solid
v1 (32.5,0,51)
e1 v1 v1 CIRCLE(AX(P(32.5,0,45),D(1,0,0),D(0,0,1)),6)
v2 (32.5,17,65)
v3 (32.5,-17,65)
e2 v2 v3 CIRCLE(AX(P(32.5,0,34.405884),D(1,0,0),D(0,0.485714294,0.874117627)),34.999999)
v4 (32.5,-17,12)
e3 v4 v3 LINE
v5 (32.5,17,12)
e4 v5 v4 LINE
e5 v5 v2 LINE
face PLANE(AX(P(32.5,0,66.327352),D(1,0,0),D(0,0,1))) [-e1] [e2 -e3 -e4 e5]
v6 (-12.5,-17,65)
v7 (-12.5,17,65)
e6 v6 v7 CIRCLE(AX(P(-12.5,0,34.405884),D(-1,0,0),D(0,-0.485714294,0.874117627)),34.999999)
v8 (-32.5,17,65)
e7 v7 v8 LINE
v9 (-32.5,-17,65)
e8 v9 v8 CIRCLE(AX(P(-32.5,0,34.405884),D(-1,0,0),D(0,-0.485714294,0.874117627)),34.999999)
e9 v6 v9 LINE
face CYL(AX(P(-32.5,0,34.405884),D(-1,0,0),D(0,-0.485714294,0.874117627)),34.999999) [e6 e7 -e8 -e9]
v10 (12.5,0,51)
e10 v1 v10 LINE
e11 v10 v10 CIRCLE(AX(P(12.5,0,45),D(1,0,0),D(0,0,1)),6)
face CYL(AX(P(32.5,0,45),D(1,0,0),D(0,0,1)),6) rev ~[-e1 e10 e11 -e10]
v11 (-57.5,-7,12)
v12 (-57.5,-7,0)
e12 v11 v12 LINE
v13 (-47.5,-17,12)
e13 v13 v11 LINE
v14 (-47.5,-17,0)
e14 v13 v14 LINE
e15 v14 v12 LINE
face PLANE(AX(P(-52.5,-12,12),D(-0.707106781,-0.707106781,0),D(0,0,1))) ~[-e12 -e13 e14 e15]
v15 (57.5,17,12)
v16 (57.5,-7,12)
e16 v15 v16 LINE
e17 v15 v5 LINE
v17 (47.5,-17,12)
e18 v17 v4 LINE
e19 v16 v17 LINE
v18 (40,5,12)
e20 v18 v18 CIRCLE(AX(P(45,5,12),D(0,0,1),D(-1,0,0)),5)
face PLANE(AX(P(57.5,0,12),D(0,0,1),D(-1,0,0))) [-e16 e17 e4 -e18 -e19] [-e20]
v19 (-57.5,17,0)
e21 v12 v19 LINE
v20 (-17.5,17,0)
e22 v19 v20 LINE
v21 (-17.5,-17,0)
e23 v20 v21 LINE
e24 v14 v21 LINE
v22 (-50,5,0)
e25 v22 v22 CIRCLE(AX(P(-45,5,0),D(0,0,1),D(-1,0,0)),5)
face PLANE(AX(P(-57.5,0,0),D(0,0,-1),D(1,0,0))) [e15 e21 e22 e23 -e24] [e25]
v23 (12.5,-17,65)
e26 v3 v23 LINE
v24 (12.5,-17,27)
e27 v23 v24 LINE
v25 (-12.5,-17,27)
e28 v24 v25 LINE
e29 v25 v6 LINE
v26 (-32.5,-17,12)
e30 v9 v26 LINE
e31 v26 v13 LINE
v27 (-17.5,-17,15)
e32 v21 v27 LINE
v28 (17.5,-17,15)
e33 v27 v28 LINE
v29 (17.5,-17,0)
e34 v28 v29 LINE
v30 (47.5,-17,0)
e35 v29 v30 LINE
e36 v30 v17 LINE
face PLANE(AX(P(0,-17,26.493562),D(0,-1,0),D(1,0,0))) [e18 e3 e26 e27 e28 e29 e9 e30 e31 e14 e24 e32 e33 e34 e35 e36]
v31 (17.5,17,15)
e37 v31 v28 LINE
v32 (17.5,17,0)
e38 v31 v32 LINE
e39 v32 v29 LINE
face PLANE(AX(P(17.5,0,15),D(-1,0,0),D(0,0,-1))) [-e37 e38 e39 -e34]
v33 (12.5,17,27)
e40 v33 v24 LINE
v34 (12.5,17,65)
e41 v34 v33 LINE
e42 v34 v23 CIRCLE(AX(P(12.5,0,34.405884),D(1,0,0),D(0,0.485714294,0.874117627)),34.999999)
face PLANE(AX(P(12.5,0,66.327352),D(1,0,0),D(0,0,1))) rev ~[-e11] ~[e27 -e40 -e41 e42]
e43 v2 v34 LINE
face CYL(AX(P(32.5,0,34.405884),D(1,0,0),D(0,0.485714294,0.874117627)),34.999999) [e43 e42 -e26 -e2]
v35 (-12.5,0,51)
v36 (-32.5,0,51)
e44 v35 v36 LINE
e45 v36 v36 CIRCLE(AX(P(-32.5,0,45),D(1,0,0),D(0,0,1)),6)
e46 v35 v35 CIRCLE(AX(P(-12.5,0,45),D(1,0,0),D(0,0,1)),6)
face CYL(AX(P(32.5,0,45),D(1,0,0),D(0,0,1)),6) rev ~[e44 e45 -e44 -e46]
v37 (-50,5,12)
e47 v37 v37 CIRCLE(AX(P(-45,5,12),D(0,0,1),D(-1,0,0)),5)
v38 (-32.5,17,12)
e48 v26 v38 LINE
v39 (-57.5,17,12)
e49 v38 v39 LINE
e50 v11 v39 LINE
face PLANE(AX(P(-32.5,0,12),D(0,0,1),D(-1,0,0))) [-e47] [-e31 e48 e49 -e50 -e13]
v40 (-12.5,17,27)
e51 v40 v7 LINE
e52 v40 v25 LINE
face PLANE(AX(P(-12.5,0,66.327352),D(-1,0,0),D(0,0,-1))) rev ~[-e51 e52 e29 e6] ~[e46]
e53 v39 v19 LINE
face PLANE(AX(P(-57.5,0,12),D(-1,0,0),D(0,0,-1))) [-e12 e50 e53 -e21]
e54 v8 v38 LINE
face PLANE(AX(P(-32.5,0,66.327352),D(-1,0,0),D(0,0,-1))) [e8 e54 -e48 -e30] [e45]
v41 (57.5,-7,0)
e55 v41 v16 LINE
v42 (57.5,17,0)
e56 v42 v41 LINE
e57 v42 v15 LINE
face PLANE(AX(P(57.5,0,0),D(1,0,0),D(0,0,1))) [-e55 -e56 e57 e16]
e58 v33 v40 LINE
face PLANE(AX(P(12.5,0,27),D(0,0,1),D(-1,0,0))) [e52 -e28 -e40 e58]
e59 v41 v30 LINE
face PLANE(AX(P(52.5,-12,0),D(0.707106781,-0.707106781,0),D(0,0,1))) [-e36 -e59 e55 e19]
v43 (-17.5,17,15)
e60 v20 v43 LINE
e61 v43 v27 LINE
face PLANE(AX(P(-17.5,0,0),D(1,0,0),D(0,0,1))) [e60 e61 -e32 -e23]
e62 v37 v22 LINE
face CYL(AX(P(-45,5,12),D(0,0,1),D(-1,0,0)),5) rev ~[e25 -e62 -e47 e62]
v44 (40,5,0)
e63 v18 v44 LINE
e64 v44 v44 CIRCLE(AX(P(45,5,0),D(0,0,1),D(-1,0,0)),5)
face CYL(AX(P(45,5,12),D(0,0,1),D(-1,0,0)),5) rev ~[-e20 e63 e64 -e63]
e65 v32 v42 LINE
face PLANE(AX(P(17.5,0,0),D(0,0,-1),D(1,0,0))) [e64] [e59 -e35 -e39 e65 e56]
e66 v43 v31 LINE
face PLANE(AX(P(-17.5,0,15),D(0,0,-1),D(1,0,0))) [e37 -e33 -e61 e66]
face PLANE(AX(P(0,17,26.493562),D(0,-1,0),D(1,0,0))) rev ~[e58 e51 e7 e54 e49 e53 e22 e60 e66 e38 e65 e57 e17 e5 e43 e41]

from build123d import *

# Parameters (mm, degrees)
PAD_DEPTH       = 17
CHAMFER_SIZE    = 10
CHAMFER001_SIZE = 10
SKETCH001_R     = 5
POCKET_DEPTH    = 12.001
PAD001_DEPTH    = 20
PAD002_DEPTH    = 20
SKETCH004_R     = 6
POCKET001_DEPTH = 90.001


with BuildPart() as part:
    # Sketch → Pad (new body, symmetric)
    with BuildSketch(Plane.XZ):
        Polygon((-57.5, 0), (-17.5, 0), (-17.5, 15), (17.5, 15), (17.5, 0), (57.5, 0), (57.5, 12), (32.5, 12), (32.5, 65), (12.5, 65), (12.5, 27), (-12.5, 27), (-12.5, 65), (-32.5, 65), (-32.5, 12), (-57.5, 12), align=None)
    extrude(amount=PAD_DEPTH, both=True)

    # Chamfer
    chamfer_edges = [part.edges().sort_by_distance(p)[0] for p in [
        (57.5, -17, 6),
    ]]
    chamfer(chamfer_edges, length=CHAMFER_SIZE)

    # Chamfer001
    chamfer001_edges = [part.edges().sort_by_distance(p)[0] for p in [
        (-57.5, -17, 6),
    ]]
    chamfer(chamfer001_edges, length=CHAMFER001_SIZE)

    # Sketch001 → Pocket (cut, through all)
    with BuildSketch(Plane(origin=(0, 0, 12), x_dir=(-1, 0, 0), z_dir=(0, 0, 1))):
        with Locations((45, -5)):
            Circle(SKETCH001_R)
        with Locations((-45, -5)):
            Circle(SKETCH001_R)
    extrude(amount=-POCKET_DEPTH, mode=Mode.SUBTRACT)

    # Sketch002 → Pad001 (new body)
    with BuildSketch(Plane(origin=(32.5, 0, 0), x_dir=(0, 0, 1), z_dir=(1, 0, 0))):
        with BuildLine():
            ThreePointArc((65, -17), (69.405883, 0), (65, 17))
            Line((65, 17), (65, -17))
        make_face()
    extrude(amount=-PAD001_DEPTH)

    # Sketch003 → Pad002 (new body)
    with BuildSketch(Plane(origin=(-32.5, 0, 0), x_dir=(0, 0, -1), z_dir=(-1, 0, 0))):
        with BuildLine():
            ThreePointArc((-65, 17), (-69.405883, 0), (-65, -17))
            Line((-65, 17), (-65, -17))
        make_face()
    extrude(amount=-PAD002_DEPTH)

    # Sketch004 → Pocket001 (cut, through all)
    with BuildSketch(Plane(origin=(32.5, 0, 0), x_dir=(0, 0, 1), z_dir=(1, 0, 0))):
        with Locations((45, 0)):
            Circle(SKETCH004_R)
    extrude(amount=-POCKET001_DEPTH, mode=Mode.SUBTRACT)


solid = part.part
